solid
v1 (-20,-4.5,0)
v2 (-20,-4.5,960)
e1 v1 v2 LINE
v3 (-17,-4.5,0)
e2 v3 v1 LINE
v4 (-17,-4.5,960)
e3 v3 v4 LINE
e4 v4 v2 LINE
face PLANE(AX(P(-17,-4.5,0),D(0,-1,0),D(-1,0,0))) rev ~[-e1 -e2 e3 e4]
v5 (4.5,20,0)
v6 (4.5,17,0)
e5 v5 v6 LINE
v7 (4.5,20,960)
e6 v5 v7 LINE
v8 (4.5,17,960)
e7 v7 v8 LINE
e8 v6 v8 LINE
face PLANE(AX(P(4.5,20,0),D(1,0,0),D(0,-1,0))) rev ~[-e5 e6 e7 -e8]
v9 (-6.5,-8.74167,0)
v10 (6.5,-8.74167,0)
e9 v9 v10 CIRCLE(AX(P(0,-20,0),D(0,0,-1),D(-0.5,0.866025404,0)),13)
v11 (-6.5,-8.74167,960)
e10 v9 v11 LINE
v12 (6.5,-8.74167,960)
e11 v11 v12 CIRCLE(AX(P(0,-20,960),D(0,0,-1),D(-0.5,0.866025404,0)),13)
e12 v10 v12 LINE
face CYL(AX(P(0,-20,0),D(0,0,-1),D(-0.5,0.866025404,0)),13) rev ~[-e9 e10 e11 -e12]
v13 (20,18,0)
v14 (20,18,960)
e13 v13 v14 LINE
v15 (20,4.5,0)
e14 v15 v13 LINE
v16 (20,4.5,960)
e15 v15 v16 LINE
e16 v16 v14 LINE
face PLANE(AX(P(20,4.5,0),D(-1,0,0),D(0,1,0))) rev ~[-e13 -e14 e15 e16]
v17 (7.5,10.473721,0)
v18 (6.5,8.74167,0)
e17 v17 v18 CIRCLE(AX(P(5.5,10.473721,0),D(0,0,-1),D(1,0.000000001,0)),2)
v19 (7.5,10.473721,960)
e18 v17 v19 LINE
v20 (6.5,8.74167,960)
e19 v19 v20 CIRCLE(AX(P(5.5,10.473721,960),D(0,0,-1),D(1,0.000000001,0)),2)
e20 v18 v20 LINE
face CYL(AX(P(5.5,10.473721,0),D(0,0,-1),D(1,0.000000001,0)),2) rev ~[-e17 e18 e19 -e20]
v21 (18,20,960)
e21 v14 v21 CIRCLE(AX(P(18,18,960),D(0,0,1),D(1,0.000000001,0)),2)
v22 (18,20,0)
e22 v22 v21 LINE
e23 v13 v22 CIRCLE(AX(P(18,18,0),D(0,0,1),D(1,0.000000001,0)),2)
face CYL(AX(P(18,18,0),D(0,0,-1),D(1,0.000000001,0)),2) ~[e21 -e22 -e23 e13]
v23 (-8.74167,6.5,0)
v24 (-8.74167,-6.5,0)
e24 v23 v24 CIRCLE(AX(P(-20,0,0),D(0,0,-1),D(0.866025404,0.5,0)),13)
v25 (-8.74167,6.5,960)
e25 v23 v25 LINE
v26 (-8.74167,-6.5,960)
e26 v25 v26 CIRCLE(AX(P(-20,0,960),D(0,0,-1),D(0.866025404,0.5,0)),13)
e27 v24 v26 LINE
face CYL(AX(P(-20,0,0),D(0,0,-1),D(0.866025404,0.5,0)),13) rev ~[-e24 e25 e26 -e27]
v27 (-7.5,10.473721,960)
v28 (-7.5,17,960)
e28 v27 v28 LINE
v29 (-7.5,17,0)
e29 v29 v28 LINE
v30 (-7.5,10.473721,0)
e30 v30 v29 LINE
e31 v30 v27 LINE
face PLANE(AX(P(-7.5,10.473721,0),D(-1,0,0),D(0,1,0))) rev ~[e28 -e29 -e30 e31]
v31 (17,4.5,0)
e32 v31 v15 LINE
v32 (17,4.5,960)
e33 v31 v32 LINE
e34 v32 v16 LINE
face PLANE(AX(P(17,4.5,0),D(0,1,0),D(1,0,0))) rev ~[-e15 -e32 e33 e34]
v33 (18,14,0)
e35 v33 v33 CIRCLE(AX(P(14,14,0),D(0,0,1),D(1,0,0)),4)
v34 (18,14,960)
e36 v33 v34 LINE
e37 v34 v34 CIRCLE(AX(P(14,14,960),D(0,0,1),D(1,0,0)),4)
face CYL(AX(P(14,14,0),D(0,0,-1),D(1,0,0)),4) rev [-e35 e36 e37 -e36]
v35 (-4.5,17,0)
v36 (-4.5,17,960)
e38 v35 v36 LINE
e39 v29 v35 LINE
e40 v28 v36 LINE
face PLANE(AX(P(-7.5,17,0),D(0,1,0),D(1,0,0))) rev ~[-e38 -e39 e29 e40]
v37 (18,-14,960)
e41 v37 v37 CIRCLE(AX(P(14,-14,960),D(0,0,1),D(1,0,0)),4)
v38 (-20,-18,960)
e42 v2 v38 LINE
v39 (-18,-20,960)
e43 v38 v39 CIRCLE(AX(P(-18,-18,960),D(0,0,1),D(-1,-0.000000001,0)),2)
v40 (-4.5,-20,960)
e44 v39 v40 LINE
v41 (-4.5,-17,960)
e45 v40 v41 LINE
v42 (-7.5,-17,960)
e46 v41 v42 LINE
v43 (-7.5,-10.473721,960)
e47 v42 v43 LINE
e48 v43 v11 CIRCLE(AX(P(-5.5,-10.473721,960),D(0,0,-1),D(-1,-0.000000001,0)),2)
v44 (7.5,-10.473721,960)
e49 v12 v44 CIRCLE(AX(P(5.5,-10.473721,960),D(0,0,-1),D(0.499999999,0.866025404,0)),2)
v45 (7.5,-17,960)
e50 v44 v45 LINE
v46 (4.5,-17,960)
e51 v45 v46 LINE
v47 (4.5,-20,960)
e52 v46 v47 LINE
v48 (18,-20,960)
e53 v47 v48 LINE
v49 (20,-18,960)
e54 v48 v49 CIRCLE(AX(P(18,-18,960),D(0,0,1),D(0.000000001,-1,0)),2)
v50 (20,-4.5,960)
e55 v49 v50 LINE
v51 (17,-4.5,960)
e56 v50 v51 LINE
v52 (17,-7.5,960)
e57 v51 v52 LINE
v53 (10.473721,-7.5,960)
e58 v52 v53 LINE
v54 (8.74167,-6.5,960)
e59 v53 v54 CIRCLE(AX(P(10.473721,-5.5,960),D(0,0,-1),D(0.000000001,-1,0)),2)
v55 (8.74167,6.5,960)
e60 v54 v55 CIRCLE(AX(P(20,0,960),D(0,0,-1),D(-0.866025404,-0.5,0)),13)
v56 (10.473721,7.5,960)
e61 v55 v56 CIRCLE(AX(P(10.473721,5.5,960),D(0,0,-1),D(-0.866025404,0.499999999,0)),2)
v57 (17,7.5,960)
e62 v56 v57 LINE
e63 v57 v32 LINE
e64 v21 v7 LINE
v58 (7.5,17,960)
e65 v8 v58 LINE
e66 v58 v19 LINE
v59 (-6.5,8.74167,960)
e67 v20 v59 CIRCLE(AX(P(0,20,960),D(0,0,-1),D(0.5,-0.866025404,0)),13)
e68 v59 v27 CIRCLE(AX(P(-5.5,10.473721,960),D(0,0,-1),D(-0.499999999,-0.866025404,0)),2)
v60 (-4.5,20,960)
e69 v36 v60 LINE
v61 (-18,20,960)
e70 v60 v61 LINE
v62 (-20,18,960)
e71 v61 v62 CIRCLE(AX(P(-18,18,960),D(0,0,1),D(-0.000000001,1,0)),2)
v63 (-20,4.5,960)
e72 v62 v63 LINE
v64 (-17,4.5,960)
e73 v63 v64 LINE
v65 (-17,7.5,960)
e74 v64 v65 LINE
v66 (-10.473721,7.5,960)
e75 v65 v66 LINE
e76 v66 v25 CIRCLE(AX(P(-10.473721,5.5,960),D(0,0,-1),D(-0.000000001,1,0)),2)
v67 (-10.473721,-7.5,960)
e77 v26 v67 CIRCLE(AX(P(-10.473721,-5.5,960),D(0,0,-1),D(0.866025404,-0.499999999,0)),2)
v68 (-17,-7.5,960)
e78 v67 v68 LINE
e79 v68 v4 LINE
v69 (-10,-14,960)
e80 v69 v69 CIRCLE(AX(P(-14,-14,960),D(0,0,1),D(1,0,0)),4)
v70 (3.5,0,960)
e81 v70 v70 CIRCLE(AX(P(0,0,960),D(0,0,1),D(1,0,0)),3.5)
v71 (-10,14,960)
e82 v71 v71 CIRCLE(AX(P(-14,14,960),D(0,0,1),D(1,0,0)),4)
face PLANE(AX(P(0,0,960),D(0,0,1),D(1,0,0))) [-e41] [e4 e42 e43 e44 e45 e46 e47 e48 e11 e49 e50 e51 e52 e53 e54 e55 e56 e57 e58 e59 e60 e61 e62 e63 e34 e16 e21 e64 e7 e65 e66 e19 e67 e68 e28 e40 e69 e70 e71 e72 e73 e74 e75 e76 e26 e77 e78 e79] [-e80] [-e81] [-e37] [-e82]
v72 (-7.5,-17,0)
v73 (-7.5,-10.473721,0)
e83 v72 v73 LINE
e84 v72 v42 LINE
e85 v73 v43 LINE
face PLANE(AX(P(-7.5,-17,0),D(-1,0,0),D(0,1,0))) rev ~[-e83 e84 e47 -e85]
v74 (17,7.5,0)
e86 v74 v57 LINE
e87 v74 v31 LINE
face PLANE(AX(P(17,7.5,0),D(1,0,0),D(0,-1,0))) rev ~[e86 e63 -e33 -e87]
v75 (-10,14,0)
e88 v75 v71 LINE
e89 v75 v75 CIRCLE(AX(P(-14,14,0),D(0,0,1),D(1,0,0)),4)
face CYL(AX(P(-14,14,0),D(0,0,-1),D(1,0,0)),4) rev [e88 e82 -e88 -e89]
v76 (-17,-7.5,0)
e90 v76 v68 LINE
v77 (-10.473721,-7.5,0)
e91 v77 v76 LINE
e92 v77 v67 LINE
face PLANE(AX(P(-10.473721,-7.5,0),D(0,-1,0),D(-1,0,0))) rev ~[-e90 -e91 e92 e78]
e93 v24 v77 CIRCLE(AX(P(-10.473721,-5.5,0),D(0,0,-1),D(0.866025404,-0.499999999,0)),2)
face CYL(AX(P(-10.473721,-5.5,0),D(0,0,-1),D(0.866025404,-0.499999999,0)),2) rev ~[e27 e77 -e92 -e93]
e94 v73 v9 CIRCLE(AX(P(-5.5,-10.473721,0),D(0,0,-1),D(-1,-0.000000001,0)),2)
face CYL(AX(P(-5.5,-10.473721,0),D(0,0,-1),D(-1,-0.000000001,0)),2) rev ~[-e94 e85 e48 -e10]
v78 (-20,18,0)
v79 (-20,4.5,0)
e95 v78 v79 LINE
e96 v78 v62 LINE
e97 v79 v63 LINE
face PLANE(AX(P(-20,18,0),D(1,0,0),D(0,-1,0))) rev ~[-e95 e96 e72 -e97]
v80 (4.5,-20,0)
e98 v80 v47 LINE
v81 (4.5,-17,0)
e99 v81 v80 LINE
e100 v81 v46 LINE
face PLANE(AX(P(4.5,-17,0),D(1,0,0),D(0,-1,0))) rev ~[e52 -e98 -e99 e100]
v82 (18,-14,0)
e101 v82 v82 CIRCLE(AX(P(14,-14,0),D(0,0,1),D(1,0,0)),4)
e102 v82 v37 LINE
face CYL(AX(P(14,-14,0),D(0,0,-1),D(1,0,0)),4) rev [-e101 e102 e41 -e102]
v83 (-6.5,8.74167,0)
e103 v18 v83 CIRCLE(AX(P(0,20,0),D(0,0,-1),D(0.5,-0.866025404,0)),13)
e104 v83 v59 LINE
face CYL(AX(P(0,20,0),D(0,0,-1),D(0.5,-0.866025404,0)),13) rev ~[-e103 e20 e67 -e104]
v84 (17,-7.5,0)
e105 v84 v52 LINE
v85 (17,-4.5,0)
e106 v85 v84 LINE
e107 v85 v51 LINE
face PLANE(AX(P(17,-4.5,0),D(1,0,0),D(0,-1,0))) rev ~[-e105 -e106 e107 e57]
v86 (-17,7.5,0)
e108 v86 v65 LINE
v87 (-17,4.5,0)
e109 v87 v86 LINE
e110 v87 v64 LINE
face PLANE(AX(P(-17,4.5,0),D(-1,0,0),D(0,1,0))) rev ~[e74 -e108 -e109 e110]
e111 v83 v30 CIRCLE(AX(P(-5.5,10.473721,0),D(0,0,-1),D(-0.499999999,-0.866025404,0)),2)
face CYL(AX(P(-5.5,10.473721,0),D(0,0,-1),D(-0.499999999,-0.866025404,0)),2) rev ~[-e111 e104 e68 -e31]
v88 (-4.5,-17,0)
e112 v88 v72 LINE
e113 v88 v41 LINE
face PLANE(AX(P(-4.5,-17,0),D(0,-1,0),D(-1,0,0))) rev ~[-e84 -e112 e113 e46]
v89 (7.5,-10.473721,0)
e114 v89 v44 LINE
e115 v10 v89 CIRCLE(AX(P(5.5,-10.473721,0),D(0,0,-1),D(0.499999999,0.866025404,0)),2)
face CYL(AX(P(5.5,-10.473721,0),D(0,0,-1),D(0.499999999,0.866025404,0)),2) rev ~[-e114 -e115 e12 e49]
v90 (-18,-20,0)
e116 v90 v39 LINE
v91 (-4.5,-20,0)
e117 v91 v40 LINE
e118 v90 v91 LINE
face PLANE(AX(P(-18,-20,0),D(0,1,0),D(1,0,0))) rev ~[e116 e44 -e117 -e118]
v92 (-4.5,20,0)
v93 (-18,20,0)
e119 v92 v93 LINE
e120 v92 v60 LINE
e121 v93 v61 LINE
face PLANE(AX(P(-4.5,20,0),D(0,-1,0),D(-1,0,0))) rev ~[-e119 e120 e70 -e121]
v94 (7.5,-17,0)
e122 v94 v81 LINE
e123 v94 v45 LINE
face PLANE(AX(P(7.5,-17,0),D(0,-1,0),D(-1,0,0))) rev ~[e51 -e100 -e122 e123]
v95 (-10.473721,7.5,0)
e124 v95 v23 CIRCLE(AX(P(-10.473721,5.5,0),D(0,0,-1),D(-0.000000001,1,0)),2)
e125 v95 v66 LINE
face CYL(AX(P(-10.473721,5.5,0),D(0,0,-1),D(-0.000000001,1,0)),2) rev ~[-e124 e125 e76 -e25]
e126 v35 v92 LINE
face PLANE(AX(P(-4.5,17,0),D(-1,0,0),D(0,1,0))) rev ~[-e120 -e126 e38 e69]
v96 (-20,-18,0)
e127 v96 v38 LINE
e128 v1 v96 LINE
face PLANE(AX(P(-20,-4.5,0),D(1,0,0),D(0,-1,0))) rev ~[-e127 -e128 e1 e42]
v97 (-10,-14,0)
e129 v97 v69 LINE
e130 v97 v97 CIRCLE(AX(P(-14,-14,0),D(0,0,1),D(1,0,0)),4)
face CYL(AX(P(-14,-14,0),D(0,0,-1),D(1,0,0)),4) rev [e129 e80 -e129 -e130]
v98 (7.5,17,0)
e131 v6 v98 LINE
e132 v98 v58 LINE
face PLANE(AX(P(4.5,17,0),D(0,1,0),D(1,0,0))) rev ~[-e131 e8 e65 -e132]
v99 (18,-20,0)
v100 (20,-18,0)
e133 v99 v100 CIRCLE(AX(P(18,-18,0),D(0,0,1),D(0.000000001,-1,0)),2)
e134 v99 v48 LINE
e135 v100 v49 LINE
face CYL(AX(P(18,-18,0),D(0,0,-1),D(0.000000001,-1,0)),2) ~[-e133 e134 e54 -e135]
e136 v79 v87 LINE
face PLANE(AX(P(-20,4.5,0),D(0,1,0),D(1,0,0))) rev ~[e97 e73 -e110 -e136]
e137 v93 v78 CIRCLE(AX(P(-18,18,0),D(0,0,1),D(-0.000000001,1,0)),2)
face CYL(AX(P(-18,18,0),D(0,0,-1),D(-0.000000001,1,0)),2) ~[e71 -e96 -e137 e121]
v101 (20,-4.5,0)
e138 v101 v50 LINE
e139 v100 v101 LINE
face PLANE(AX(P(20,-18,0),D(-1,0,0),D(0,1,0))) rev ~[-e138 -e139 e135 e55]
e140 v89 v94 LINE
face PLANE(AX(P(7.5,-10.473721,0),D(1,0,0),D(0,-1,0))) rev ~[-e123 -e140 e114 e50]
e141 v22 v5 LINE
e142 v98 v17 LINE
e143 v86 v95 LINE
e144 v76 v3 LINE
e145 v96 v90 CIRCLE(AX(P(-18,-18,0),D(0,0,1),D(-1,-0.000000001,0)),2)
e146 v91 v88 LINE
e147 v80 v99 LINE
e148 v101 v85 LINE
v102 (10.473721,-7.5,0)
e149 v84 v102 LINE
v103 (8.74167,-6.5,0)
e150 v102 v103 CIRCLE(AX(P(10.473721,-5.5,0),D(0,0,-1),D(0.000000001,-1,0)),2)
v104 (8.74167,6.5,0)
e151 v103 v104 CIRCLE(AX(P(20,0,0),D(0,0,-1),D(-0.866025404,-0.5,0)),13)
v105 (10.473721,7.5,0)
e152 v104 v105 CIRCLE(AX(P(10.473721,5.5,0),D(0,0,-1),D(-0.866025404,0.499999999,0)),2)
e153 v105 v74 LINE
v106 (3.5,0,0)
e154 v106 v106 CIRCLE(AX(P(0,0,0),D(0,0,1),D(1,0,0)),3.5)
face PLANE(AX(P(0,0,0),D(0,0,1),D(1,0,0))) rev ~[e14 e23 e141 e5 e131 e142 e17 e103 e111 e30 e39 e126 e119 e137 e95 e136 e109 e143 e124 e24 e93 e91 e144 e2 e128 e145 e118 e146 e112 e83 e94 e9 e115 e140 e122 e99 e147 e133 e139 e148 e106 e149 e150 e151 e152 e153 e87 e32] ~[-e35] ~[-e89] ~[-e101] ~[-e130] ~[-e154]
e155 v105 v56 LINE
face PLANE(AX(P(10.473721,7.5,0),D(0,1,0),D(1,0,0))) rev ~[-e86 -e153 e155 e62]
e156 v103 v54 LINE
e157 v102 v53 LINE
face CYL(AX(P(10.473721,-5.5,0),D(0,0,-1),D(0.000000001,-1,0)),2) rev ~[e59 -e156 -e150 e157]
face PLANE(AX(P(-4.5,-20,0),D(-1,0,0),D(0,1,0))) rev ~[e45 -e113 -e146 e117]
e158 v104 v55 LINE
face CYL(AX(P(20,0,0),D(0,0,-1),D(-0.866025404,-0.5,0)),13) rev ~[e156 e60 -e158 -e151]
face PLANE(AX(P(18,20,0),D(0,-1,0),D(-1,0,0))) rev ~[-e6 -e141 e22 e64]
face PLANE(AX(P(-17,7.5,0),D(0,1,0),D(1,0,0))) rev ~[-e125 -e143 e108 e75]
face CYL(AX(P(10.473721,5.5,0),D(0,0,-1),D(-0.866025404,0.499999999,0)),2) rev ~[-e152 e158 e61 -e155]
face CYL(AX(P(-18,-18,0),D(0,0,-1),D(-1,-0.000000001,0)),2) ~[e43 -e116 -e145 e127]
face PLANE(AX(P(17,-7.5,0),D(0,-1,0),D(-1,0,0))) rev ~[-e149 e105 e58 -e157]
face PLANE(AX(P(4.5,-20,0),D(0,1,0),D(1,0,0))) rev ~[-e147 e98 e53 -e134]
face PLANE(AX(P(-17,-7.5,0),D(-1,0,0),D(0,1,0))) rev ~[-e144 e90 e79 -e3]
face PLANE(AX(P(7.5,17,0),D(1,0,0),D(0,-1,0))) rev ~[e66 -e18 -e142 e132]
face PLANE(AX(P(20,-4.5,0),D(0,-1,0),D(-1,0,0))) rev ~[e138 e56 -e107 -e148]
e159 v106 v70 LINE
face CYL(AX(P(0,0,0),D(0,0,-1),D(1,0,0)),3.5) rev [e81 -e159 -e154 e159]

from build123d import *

# Parameters (mm, degrees)
SKETCH1_R           = 4
SKETCH1_R_2         = 3.5
BOSS_EXTRUDE1_DEPTH = 960


with BuildPart() as part:
    # Sketch1 → Boss-Extrude1 (new body)
    with BuildSketch(Plane.XY):
        with BuildLine():
            Line((-20, 18), (-20, 4.5))
            Line((-20, 4.5), (-17, 4.5))
            Line((-17, 4.5), (-17, 7.5))
            Line((-17, 7.5), (-10.473720558, 7.5))
            ThreePointArc((-10.473720558, 7.5), (-9.473720558, 7.232050808), (-8.741669751, 6.5))
            ThreePointArc((-8.741669751, 6.5), (-7, 0), (-8.741669751, -6.5))
            ThreePointArc((-8.741669751, -6.5), (-9.473720558, -7.232050808), (-10.473720558, -7.5))
            Line((-10.473720558, -7.5), (-17, -7.5))
            Line((-17, -7.5), (-17, -4.5))
            Line((-17, -4.5), (-20, -4.5))
            Line((-20, -4.5), (-20, -18))
            ThreePointArc((-20, -18), (-19.414213562, -19.414213562), (-18, -20))
            Line((-18, -20), (-4.5, -20))
            Line((-4.5, -20), (-4.5, -17))
            Line((-4.5, -17), (-7.5, -17))
            Line((-7.5, -17), (-7.5, -10.473720558))
            ThreePointArc((-7.5, -10.473720558), (-7.232050808, -9.473720558), (-6.5, -8.741669751))
            ThreePointArc((-6.5, -8.741669751), (0, -7), (6.5, -8.741669751))
            ThreePointArc((6.5, -8.741669751), (7.232050808, -9.473720558), (7.5, -10.473720558))
            Line((7.5, -10.473720558), (7.5, -17))
            Line((7.5, -17), (4.5, -17))
            Line((4.5, -17), (4.5, -20))
            Line((4.5, -20), (18, -20))
            ThreePointArc((18, -20), (19.414213562, -19.414213562), (20, -18))
            Line((20, -18), (20, -4.5))
            Line((20, -4.5), (17, -4.5))
            Line((17, -4.5), (17, -7.5))
            Line((17, -7.5), (10.473720558, -7.5))
            ThreePointArc((10.473720558, -7.5), (9.473720558, -7.232050808), (8.741669751, -6.5))
            ThreePointArc((8.741669751, -6.5), (7, 0), (8.741669751, 6.5))
            ThreePointArc((8.741669751, 6.5), (9.473720558, 7.232050808), (10.473720558, 7.5))
            Line((10.473720558, 7.5), (17, 7.5))
            Line((17, 7.5), (17, 4.5))
            Line((17, 4.5), (20, 4.5))
            Line((20, 4.5), (20, 18))
            ThreePointArc((20, 18), (19.414213562, 19.414213562), (18, 20))
            Line((18, 20), (4.5, 20))
            Line((4.5, 20), (4.5, 17))
            Line((4.5, 17), (7.5, 17))
            Line((7.5, 17), (7.5, 10.473720558))
            ThreePointArc((7.5, 10.473720558), (7.232050808, 9.473720558), (6.5, 8.741669751))
            ThreePointArc((6.5, 8.741669751), (0, 7), (-6.5, 8.741669751))
            ThreePointArc((-6.5, 8.741669751), (-7.232050808, 9.473720558), (-7.5, 10.473720558))
            Line((-7.5, 10.473720558), (-7.5, 17))
            Line((-7.5, 17), (-4.5, 17))
            Line((-4.5, 17), (-4.5, 20))
            Line((-4.5, 20), (-18, 20))
            ThreePointArc((-18, 20), (-19.414213562, 19.414213562), (-20, 18))
        make_face()
        with Locations((-14, -14)):
            Circle(SKETCH1_R, mode=Mode.SUBTRACT)
        with Locations((14, -14)):
            Circle(SKETCH1_R, mode=Mode.SUBTRACT)
        with Locations((14, 14)):
            Circle(SKETCH1_R, mode=Mode.SUBTRACT)
        Circle(SKETCH1_R_2, mode=Mode.SUBTRACT)
        with Locations((-14, 14)):
            Circle(SKETCH1_R, mode=Mode.SUBTRACT)
    extrude(amount=BOSS_EXTRUDE1_DEPTH)


solid = part.part
